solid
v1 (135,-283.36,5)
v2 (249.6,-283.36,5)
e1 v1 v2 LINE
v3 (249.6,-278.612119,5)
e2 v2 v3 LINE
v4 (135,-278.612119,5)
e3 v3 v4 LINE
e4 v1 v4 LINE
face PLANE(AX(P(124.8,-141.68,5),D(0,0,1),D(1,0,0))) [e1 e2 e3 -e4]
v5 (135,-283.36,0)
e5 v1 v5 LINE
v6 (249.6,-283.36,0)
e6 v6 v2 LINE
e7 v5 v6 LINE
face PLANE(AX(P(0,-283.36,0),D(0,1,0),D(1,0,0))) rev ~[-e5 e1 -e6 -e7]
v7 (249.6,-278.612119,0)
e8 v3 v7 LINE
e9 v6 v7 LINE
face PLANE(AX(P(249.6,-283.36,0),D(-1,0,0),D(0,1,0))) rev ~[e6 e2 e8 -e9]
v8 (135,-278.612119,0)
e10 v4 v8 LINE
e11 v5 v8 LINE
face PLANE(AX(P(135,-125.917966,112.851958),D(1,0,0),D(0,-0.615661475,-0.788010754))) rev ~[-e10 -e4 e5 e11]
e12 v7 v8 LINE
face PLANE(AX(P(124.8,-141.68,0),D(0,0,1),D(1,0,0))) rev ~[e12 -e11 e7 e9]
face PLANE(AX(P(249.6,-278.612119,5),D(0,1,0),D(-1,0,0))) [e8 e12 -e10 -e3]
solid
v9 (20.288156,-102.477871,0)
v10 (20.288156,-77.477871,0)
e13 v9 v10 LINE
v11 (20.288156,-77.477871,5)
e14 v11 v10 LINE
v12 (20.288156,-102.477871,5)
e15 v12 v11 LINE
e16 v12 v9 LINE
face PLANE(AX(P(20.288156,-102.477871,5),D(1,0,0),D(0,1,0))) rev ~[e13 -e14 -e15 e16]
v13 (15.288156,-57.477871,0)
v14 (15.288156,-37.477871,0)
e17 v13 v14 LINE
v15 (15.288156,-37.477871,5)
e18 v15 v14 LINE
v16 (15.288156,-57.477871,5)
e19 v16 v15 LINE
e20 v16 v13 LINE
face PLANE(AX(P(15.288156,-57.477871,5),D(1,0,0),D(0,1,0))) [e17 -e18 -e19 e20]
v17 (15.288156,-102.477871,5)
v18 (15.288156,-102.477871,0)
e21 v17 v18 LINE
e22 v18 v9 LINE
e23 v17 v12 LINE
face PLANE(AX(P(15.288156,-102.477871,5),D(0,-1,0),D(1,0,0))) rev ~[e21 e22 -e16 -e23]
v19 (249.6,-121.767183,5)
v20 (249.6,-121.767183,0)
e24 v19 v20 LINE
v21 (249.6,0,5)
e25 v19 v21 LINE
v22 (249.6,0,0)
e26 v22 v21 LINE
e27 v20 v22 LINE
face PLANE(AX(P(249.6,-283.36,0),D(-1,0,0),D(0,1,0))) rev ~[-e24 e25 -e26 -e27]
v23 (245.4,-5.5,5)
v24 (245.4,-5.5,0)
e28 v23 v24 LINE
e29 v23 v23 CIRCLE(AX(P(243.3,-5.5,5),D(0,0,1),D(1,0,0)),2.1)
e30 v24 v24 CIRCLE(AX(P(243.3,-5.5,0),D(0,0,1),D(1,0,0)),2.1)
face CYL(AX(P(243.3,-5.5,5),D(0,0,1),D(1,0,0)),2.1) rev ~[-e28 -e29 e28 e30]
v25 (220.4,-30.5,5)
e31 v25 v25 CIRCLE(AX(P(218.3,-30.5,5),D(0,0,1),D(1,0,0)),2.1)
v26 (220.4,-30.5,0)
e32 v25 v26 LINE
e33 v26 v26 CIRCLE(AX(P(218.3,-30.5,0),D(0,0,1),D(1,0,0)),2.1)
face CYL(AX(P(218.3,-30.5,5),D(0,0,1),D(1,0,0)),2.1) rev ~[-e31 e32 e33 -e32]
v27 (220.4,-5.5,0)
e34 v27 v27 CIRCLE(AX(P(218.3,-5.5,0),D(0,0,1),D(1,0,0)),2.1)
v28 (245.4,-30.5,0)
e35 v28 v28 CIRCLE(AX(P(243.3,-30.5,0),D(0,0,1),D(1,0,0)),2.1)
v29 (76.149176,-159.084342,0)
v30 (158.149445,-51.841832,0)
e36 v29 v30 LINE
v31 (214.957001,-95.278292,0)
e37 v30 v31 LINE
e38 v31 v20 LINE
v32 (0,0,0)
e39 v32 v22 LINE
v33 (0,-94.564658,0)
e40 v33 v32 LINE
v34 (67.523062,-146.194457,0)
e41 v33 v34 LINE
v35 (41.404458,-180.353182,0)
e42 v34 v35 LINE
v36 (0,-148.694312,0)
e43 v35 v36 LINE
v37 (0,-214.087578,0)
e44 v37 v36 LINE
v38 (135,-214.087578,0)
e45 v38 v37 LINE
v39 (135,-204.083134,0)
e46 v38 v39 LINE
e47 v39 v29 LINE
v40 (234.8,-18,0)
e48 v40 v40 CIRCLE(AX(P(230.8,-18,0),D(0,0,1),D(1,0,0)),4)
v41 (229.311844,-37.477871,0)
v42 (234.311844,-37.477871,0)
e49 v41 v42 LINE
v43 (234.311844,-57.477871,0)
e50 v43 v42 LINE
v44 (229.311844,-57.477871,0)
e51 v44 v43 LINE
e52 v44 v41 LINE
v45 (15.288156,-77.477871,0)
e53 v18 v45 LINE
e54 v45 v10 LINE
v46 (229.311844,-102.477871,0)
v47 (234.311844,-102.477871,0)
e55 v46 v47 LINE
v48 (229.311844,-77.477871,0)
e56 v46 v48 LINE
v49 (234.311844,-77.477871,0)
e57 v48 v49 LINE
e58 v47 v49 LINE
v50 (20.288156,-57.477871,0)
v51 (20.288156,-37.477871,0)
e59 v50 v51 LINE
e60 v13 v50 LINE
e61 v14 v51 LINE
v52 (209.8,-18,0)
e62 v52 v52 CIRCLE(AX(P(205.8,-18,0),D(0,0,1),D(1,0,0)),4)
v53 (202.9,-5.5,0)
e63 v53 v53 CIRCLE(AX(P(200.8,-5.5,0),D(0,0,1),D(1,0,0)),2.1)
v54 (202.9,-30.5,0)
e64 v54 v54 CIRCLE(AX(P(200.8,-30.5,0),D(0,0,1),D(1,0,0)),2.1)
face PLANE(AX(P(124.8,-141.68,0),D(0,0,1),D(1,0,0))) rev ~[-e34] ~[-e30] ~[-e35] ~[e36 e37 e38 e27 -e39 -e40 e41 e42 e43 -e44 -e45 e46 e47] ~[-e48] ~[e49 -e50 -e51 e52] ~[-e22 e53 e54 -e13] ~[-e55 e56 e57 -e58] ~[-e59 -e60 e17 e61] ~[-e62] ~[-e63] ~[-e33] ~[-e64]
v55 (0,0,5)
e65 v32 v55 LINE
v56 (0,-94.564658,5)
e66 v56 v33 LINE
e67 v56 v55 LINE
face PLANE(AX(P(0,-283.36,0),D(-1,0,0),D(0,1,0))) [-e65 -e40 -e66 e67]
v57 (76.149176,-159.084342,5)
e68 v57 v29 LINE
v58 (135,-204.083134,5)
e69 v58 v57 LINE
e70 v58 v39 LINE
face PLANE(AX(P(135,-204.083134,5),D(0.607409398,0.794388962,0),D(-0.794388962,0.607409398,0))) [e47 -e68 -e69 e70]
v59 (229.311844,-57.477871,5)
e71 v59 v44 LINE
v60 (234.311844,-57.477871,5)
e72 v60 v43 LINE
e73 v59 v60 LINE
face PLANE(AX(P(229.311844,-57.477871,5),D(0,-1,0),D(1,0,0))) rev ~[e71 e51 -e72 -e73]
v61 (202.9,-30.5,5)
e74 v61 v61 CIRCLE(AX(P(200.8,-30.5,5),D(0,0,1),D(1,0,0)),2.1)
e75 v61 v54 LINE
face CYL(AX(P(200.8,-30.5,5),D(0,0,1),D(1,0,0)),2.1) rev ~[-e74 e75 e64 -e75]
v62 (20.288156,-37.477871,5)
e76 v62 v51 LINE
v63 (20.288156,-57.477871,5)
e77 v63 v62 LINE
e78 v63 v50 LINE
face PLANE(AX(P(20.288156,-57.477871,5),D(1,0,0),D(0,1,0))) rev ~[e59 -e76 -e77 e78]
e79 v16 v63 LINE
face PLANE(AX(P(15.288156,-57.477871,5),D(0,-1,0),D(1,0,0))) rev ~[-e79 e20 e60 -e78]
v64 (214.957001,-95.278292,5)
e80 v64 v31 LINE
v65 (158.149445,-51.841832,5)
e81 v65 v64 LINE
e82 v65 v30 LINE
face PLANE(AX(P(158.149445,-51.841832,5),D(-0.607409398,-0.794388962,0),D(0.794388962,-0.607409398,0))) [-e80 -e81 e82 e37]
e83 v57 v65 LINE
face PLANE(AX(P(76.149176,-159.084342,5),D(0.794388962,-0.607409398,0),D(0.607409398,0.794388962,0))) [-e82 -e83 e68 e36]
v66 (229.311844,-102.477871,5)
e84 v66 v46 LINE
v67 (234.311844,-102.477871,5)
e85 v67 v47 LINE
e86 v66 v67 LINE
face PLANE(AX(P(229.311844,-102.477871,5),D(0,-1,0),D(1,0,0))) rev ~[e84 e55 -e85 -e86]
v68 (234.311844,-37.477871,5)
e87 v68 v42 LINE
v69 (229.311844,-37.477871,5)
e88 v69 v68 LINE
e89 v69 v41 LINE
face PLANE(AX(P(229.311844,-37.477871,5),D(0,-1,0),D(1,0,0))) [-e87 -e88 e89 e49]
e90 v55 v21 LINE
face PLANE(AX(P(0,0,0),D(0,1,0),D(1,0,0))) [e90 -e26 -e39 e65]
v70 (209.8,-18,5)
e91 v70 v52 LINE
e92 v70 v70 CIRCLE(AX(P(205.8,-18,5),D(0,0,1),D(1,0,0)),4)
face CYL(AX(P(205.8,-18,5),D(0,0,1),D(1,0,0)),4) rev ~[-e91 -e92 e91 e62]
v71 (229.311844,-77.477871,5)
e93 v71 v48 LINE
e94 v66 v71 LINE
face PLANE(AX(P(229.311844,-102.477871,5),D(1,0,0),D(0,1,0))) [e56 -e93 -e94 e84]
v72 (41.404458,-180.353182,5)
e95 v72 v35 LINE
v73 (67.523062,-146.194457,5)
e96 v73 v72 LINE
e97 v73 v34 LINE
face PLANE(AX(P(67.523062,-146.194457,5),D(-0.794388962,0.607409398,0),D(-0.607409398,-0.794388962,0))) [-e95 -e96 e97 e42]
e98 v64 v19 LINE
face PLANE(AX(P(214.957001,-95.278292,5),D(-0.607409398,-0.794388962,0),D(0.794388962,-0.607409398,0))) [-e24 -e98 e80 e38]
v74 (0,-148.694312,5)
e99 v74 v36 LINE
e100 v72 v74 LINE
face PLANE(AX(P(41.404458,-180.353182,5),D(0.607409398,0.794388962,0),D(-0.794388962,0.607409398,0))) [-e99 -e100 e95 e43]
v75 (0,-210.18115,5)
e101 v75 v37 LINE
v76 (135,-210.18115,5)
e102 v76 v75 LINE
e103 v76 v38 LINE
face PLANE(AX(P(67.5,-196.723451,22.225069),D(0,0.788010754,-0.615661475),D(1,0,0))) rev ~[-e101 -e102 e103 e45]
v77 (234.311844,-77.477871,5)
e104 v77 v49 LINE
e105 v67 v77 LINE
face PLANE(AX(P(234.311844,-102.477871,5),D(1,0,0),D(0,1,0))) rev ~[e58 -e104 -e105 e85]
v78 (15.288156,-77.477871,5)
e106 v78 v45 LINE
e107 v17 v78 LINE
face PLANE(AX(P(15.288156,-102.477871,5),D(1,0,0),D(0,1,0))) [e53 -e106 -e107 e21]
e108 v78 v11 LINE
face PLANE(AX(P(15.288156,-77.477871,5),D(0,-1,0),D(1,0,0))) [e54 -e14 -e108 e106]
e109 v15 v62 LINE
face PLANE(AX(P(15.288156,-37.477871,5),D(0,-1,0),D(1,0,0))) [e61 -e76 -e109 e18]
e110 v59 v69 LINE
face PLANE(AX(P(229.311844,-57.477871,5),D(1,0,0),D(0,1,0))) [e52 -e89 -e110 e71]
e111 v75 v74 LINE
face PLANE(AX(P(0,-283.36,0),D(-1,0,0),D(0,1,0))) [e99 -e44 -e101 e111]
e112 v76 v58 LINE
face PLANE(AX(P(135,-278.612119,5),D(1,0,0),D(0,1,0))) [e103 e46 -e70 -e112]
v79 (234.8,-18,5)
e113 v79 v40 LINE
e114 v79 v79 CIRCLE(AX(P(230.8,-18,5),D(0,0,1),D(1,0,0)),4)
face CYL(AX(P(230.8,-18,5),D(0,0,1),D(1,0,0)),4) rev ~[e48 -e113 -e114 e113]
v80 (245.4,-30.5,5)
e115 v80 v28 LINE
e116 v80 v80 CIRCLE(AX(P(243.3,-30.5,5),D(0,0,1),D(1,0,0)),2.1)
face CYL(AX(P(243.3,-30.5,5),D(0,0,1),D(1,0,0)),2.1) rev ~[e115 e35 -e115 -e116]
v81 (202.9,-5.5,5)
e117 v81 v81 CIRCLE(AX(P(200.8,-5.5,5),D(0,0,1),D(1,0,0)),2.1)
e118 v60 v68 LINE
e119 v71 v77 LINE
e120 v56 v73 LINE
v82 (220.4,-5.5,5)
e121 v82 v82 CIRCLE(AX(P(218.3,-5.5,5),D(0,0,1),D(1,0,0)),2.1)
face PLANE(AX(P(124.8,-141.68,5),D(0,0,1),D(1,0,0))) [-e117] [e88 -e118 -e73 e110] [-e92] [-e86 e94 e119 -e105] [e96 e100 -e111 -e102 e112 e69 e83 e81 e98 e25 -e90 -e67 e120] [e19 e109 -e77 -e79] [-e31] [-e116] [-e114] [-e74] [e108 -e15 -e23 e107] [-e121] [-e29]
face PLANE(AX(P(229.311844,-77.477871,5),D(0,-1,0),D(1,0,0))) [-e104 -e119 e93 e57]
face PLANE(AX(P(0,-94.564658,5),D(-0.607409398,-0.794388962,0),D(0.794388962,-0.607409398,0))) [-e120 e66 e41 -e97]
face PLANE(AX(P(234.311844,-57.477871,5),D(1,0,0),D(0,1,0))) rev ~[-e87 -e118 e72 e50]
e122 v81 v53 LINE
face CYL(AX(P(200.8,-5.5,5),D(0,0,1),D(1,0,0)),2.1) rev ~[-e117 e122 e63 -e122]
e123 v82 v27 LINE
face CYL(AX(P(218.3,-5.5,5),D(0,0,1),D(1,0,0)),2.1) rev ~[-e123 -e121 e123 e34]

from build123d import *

# Parameters (mm, degrees)
SKETCH1_W           = 249.6
SKETCH1_H           = 283.36
BOSS_EXTRUDE1_DEPTH = 5
SKETCH3_W           = 135
SKETCH3_H           = 230.014345446
CUT_EXTRUDE1_DEPTH  = 193
CUT_EXTRUDE2_DEPTH  = 6
CUT_EXTRUDE3_DEPTH  = 6
SKETCH6_R           = 2.1
SKETCH6_R_2         = 4
CUT_EXTRUDE4_DEPTH  = 6
SKETCH7_W           = 5
SKETCH7_H           = 20
SKETCH7_H_2         = 25
CUT_EXTRUDE5_DEPTH  = 6


with BuildPart() as part:
    # Sketch1 → Boss-Extrude1 (new body)
    with BuildSketch(Plane.XY):
        with Locations((124.8, -141.68)):
            Rectangle(SKETCH1_W, SKETCH1_H)
    extrude(amount=BOSS_EXTRUDE1_DEPTH)

    # Sketch3 → Cut-Extrude1 (cut)
    with BuildSketch(Plane(origin=(0, -132.940025556, 103.864131154), x_dir=(1, 0, 0), z_dir=(0, 0.788010754, -0.615661475))):
        with Locations((67.5, 103.601456608)):
            Rectangle(SKETCH3_W, SKETCH3_H)
    extrude(amount=-CUT_EXTRUDE1_DEPTH, mode=Mode.SUBTRACT)

    # Sketch4 → Cut-Extrude2 (cut, through all)
    with BuildSketch(Plane.XY.offset(5)):
        Polygon((214.957001473, -95.278291976), (249.6, -121.767183305), (249.6, -278.612119258), (135, -278.612119258), (135, -204.083134422), (76.149175745, -159.084342324), (158.149444505, -51.841832454), align=None)
    extrude(amount=-CUT_EXTRUDE2_DEPTH, mode=Mode.SUBTRACT)

    # Sketch5 → Cut-Extrude3 (cut, through all)
    with BuildSketch(Plane.XY.offset(5)):
        Polygon((0, -94.564658056), (67.52306177, -146.194456905), (41.404457646, -180.353182271), (-26.118604124, -128.723383422), align=None)
    extrude(amount=-CUT_EXTRUDE3_DEPTH, mode=Mode.SUBTRACT)

    # Sketch6 → Cut-Extrude4 (cut, through all)
    with BuildSketch(Plane.XY.offset(5)):
        with Locations((243.3, -5.5)):
            Circle(SKETCH6_R)
        with Locations((243.3, -30.5)):
            Circle(SKETCH6_R)
        with Locations((218.3, -30.5)):
            Circle(SKETCH6_R)
        with Locations((218.3, -5.5)):
            Circle(SKETCH6_R)
        with Locations((200.8, -30.5)):
            Circle(SKETCH6_R)
        with Locations((200.8, -5.5)):
            Circle(SKETCH6_R)
        with Locations((205.8, -18)):
            Circle(SKETCH6_R_2)
        with Locations((230.8, -18)):
            Circle(SKETCH6_R_2)
    extrude(amount=-CUT_EXTRUDE4_DEPTH, mode=Mode.SUBTRACT)

    # Sketch7 → Cut-Extrude5 (cut, through all)
    with BuildSketch(Plane.XY.offset(5)):
        with Locations((17.788155616, -47.477871486)):
            Rectangle(SKETCH7_W, SKETCH7_H)
        with Locations((231.811844384, -47.477871486)):
            Rectangle(SKETCH7_W, SKETCH7_H)
        with Locations((17.788155616, -89.977871486)):
            Rectangle(SKETCH7_W, SKETCH7_H_2)
        with Locations((231.811844384, -89.977871486)):
            Rectangle(SKETCH7_W, SKETCH7_H_2)
    extrude(amount=-CUT_EXTRUDE5_DEPTH, mode=Mode.SUBTRACT)


solid = part.part
